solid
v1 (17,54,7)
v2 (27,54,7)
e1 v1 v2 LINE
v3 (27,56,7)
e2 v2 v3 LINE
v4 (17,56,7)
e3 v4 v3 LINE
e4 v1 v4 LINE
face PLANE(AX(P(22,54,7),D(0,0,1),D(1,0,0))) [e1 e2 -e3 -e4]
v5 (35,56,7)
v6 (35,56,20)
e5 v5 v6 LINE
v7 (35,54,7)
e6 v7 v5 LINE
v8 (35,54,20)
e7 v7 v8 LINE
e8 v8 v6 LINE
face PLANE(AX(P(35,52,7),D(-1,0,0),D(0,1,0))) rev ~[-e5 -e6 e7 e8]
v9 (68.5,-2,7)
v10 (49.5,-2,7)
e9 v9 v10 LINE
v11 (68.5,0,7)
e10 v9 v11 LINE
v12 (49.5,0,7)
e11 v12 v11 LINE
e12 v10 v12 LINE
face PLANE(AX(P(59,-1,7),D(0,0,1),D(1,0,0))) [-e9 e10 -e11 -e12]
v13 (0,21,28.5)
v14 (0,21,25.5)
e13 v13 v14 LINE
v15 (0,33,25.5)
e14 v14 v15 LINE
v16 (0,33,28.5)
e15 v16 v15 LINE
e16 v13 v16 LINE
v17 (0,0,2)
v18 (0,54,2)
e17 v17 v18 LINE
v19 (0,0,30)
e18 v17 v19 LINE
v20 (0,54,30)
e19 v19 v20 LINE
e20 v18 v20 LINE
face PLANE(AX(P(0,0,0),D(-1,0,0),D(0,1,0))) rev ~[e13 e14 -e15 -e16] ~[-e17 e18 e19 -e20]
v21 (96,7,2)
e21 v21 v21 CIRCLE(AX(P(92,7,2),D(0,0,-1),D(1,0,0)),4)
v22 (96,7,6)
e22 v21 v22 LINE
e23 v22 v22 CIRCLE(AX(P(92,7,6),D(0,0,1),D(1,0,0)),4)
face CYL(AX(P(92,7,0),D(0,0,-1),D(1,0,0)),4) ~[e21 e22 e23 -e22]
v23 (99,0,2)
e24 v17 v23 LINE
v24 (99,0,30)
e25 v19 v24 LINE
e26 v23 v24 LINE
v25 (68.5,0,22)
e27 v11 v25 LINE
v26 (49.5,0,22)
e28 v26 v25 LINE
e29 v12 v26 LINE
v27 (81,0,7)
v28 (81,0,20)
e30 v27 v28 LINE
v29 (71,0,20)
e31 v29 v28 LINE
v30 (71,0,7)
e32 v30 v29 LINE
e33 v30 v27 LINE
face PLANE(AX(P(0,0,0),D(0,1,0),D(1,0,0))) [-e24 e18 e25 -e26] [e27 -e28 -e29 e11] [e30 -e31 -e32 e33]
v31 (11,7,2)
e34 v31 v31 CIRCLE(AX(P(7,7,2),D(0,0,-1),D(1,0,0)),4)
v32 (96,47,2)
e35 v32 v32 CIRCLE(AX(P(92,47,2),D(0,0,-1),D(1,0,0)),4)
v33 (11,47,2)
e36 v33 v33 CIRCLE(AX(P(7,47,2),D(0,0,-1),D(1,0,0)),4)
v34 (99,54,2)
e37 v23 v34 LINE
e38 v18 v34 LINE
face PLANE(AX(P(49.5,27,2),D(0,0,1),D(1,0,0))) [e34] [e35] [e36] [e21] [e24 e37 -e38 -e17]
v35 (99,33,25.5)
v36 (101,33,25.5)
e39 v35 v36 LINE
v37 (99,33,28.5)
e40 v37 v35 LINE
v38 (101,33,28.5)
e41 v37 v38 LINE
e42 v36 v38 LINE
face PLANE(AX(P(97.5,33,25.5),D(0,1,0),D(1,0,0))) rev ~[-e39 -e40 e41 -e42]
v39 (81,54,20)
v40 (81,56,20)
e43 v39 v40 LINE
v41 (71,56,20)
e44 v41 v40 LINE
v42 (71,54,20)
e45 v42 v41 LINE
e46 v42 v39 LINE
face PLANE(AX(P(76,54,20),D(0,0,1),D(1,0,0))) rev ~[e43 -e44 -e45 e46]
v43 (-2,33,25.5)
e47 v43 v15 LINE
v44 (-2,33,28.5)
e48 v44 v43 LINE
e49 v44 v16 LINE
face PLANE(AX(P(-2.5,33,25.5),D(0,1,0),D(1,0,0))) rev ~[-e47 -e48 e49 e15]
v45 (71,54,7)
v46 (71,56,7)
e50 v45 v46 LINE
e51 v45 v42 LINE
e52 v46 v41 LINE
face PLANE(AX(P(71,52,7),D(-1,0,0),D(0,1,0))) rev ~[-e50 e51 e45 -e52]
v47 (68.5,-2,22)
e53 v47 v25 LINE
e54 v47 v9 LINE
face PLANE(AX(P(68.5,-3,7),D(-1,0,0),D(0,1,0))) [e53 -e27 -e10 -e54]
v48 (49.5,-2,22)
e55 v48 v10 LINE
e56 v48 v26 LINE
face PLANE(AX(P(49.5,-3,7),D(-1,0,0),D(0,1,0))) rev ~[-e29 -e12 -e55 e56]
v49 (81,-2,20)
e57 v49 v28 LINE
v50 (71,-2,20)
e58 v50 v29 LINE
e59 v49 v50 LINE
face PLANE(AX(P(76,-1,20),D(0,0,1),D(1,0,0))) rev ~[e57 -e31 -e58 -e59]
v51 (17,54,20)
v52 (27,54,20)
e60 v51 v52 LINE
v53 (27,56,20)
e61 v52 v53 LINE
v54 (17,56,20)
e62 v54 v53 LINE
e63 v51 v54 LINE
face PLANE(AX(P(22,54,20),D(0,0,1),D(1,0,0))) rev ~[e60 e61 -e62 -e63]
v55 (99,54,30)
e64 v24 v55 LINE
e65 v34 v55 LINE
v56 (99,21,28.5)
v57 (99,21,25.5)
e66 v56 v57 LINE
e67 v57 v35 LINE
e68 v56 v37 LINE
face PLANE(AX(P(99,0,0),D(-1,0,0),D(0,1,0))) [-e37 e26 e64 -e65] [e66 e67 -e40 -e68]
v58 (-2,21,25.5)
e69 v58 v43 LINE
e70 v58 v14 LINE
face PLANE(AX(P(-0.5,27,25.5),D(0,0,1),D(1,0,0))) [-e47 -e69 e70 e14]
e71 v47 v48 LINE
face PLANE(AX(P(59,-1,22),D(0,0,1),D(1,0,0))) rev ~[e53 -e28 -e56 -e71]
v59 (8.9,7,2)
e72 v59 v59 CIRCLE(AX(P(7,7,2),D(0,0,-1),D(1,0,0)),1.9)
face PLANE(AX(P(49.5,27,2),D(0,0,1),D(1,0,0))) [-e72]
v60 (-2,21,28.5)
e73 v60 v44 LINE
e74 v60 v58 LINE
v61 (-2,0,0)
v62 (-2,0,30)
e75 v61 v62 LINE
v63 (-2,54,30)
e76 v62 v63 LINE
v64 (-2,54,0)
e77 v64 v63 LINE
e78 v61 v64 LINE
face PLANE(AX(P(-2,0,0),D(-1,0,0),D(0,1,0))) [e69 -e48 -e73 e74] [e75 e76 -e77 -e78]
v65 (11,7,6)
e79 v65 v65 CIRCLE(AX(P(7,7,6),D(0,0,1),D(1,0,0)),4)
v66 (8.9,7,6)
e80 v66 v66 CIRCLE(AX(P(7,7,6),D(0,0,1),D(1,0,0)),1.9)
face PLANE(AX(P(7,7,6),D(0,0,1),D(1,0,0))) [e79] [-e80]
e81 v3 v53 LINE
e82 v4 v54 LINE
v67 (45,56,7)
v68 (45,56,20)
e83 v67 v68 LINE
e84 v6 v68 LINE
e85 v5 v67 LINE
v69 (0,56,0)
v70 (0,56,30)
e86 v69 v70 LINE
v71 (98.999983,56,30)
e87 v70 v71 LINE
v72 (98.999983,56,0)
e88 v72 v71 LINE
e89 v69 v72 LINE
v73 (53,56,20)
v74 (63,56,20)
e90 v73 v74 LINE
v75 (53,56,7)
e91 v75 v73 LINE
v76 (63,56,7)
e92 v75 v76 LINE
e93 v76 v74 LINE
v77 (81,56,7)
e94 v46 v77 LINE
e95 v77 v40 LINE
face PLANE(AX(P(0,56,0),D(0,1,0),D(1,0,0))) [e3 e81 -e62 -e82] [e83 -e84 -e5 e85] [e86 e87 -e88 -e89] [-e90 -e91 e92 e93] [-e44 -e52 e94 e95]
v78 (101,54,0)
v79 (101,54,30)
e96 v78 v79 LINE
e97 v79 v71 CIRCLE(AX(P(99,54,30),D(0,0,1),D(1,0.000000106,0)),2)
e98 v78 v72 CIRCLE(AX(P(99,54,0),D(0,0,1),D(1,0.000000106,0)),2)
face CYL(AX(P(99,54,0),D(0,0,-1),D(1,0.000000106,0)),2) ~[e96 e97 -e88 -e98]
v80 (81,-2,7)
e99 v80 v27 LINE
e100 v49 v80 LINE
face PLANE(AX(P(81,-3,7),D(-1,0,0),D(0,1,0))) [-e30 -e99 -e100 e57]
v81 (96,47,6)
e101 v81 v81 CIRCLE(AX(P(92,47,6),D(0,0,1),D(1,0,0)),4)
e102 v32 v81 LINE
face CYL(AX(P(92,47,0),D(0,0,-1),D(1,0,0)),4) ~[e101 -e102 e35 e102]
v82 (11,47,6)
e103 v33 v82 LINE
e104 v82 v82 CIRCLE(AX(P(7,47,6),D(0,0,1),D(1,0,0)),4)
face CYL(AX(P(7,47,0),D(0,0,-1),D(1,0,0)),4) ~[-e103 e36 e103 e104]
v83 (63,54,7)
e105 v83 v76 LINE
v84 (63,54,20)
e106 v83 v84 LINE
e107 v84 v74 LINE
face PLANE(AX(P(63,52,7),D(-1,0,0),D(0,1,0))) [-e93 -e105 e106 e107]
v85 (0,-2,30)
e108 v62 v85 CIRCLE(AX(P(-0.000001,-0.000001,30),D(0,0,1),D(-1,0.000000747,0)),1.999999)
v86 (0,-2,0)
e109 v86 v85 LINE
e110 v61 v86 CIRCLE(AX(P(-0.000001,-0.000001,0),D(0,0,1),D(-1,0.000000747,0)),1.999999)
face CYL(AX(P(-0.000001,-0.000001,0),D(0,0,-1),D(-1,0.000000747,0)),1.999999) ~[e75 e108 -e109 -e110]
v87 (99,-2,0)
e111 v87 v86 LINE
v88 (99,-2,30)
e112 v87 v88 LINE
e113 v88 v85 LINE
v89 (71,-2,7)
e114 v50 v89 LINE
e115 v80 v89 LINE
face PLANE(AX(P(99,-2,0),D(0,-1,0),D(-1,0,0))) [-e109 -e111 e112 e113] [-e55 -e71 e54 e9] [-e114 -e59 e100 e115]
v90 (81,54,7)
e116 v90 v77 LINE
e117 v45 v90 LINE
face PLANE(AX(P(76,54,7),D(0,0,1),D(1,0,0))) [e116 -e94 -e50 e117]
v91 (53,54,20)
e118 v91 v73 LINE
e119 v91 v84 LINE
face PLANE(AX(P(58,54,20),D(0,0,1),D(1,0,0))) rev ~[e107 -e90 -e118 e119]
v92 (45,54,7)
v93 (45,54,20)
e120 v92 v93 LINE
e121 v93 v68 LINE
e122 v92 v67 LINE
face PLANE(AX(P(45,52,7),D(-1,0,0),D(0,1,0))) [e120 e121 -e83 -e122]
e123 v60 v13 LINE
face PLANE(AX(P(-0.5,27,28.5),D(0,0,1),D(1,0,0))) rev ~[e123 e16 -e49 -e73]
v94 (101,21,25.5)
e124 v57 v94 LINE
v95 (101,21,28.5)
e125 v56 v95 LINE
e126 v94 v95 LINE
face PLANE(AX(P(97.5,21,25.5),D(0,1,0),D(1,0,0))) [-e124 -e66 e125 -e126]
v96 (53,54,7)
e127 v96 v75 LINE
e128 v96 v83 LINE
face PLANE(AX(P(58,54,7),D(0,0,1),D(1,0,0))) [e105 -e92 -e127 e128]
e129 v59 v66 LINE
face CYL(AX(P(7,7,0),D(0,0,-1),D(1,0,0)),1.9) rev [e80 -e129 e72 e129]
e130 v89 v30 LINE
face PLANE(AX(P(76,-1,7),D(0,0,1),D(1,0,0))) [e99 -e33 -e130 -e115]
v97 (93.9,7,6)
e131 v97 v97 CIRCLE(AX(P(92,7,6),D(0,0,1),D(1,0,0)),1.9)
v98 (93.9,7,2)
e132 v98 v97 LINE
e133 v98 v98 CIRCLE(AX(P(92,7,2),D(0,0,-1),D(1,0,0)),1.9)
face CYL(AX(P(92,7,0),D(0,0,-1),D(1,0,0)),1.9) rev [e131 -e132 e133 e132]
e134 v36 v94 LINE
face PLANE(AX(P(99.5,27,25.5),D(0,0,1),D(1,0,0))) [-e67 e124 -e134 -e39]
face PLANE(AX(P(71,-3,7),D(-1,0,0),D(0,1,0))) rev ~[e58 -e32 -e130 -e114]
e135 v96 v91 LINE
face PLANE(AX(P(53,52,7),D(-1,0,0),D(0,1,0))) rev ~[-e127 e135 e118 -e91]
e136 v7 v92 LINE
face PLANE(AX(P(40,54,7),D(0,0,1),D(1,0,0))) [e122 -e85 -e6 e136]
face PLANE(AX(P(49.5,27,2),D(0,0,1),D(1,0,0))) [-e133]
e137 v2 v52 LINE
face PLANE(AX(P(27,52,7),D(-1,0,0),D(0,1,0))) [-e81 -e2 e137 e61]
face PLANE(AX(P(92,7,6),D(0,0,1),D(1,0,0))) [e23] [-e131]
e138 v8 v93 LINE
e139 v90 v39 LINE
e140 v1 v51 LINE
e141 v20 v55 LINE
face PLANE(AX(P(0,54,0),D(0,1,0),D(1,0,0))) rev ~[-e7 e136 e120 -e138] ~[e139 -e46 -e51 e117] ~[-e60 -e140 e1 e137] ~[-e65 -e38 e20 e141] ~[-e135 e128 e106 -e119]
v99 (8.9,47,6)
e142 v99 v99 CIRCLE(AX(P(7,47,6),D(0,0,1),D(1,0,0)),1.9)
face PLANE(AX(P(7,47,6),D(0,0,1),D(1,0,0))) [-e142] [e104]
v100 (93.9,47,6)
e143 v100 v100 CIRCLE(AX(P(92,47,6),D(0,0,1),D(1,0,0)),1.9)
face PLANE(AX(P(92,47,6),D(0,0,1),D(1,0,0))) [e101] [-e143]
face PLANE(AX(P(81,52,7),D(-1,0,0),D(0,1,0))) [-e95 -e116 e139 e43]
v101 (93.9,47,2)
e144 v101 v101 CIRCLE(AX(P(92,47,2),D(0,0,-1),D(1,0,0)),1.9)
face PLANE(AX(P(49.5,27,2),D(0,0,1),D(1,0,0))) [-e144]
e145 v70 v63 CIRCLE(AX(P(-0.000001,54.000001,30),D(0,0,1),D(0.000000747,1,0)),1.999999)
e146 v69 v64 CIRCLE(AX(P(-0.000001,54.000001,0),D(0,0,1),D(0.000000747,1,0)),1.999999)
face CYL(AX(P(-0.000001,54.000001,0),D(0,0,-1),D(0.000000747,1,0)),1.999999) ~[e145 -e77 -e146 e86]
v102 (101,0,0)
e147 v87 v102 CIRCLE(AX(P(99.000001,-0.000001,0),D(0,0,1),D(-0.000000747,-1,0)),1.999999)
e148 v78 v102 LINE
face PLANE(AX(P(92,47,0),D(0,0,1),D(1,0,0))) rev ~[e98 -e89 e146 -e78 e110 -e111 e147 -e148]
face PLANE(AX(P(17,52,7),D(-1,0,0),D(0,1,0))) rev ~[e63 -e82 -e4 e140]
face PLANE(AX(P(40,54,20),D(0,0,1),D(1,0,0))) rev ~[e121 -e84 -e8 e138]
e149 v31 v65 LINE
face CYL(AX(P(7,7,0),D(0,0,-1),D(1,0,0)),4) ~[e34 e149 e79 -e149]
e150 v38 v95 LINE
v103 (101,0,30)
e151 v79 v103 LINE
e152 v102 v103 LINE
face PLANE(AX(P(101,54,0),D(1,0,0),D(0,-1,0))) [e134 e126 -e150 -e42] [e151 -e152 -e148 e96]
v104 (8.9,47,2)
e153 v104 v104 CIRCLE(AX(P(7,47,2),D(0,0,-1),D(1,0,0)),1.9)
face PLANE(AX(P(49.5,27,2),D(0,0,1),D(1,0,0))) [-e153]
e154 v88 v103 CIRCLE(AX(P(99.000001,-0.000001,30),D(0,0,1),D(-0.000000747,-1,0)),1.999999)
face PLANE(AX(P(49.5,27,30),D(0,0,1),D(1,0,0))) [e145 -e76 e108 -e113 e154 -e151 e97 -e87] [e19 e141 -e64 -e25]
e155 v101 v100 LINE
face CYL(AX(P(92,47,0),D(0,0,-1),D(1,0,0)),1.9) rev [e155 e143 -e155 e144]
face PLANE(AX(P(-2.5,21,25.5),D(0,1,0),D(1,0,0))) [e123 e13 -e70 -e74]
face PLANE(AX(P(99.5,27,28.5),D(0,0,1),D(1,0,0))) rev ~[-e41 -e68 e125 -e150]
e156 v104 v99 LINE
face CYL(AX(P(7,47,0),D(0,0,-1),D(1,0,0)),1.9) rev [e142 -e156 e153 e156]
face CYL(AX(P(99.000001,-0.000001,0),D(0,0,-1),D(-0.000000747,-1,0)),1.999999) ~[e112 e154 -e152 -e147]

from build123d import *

# Parameters (mm, degrees)
BOX002_W      = 10
BOX002_H      = 4
BOX002_DEPTH  = 13
BOX003_W      = 10
BOX003_H      = 4
BOX003_DEPTH  = 13
BOX004_W      = 10
BOX004_H      = 4
BOX004_DEPTH  = 13
BOX005_W      = 10
BOX005_H      = 4
BOX005_DEPTH  = 13
BOX006_W      = 19
BOX006_H      = 4
BOX006_DEPTH  = 15
BOX007_W      = 4
BOX007_H      = 12
BOX007_DEPTH  = 3
BOX008_W      = 4
BOX008_H      = 12
BOX008_DEPTH  = 3
BOX001_W      = 10
BOX001_H      = 4
BOX001_DEPTH  = 13
BOX_W         = 100
BOX_H         = 55
BOX_DEPTH     = 2
TUBE_R        = 4
TUBE_R_2      = 1.9
TUBE_DEPTH    = 6
TUBE001_R     = 4
TUBE001_R_2   = 1.9
TUBE001_DEPTH = 6
TUBE002_R     = 4
TUBE002_R_2   = 1.9
TUBE002_DEPTH = 6
TUBE003_R     = 4
TUBE003_R_2   = 1.9
TUBE003_DEPTH = 6
SKETCH_W      = 99
SKETCH_H      = 54
PAD_DEPTH     = 30


with BuildPart() as barrelcutout001:
    # Box002 → Box002 (new body)
    with BuildSketch(Plane(origin=(53, 52, 7), x_dir=(1, 0, 0), z_dir=(0, 0, 1))):
        with Locations((5, 2)):
            Rectangle(BOX002_W, BOX002_H)
    extrude(amount=BOX002_DEPTH)


with BuildPart() as barrelcutout002:
    # Box003 → Box003 (new body)
    with BuildSketch(Plane(origin=(35, 52, 7), x_dir=(1, 0, 0), z_dir=(0, 0, 1))):
        with Locations((5, 2)):
            Rectangle(BOX003_W, BOX003_H)
    extrude(amount=BOX003_DEPTH)


with BuildPart() as barrelcutout003:
    # Box004 → Box004 (new body)
    with BuildSketch(Plane(origin=(17, 52, 7), x_dir=(1, 0, 0), z_dir=(0, 0, 1))):
        with Locations((5, 2)):
            Rectangle(BOX004_W, BOX004_H)
    extrude(amount=BOX004_DEPTH)


with BuildPart() as barrelcutout004:
    # Box005 → Box005 (new body)
    with BuildSketch(Plane(origin=(71, -3, 7), x_dir=(1, 0, 0), z_dir=(0, 0, 1))):
        with Locations((5, 2)):
            Rectangle(BOX005_W, BOX005_H)
    extrude(amount=BOX005_DEPTH)


with BuildPart() as rj45cutout:
    # Box006 → Box006 (new body)
    with BuildSketch(Plane(origin=(49.5, -3, 7), x_dir=(1, 0, 0), z_dir=(0, 0, 1))):
        with Locations((9.5, 2)):
            Rectangle(BOX006_W, BOX006_H)
    extrude(amount=BOX006_DEPTH)


with BuildPart() as latchcut:
    # Box007 → Box007 (new body)
    with BuildSketch(Plane(origin=(-2.5, 21, 25.5), x_dir=(1, 0, 0), z_dir=(0, 0, 1))):
        with Locations((2, 6)):
            Rectangle(BOX007_W, BOX007_H)
    extrude(amount=BOX007_DEPTH)


with BuildPart() as latchcut001:
    # Box008 → Box008 (new body)
    with BuildSketch(Plane(origin=(97.5, 21, 25.5), x_dir=(1, 0, 0), z_dir=(0, 0, 1))):
        with Locations((2, 6)):
            Rectangle(BOX008_W, BOX008_H)
    extrude(amount=BOX008_DEPTH)


with BuildPart() as cuts:
    # Box001 → Box001 (new body)
    with BuildSketch(Plane(origin=(71, 52, 7), x_dir=(1, 0, 0), z_dir=(0, 0, 1))):
        with Locations((5, 2)):
            Rectangle(BOX001_W, BOX001_H)
    extrude(amount=BOX001_DEPTH)

    # Fusion001: union BarrelCutout001, BarrelCutout002, BarrelCutout003, BarrelCutout004, RJ45Cutout, LatchCut, LatchCut001
    add(barrelcutout001.part)
    add(barrelcutout002.part)
    add(barrelcutout003.part)
    add(barrelcutout004.part)
    add(rj45cutout.part)
    add(latchcut.part)
    add(latchcut001.part)


with BuildPart() as base:
    # Box → Box (new body)
    with BuildSketch(Plane(origin=(-0.5, -0.5, 0), x_dir=(1, 0, 0), z_dir=(0, 0, 1))):
        with Locations((50, 27.5)):
            Rectangle(BOX_W, BOX_H)
    extrude(amount=BOX_DEPTH)


with BuildPart() as standoff:
    # Tube → Tube (new body)
    with BuildSketch(Plane(origin=(7, 7, 0), x_dir=(1, 0, 0), z_dir=(0, 0, 1))):
        Circle(TUBE_R)
        Circle(TUBE_R_2, mode=Mode.SUBTRACT)
    extrude(amount=TUBE_DEPTH)


with BuildPart() as standoff001:
    # Tube001 → Tube001 (new body)
    with BuildSketch(Plane(origin=(92, 7, 0), x_dir=(1, 0, 0), z_dir=(0, 0, 1))):
        Circle(TUBE001_R)
        Circle(TUBE001_R_2, mode=Mode.SUBTRACT)
    extrude(amount=TUBE001_DEPTH)


with BuildPart() as standoff002:
    # Tube002 → Tube002 (new body)
    with BuildSketch(Plane(origin=(7, 47, 0), x_dir=(1, 0, 0), z_dir=(0, 0, 1))):
        Circle(TUBE002_R)
        Circle(TUBE002_R_2, mode=Mode.SUBTRACT)
    extrude(amount=TUBE002_DEPTH)


with BuildPart() as standoff003:
    # Tube003 → Tube003 (new body)
    with BuildSketch(Plane(origin=(92, 47, 0), x_dir=(1, 0, 0), z_dir=(0, 0, 1))):
        Circle(TUBE003_R)
        Circle(TUBE003_R_2, mode=Mode.SUBTRACT)
    extrude(amount=TUBE003_DEPTH)


with BuildPart() as casefull:
    # Sketch → Pad (new body)
    with BuildSketch(Plane.XY):
        with BuildLine():
            ThreePointArc((0, 56), (-1.414214, 55.414214), (-2, 54))
            Line((-2, 0), (-2, 54))
            ThreePointArc((-2, 0), (-1.414214, -1.414214), (0, -2))
            Line((99, -2), (0, -2))
            ThreePointArc((99, -2), (100.414214, -1.414214), (101, 0))
            Line((101, 54), (101, 0))
            ThreePointArc((101, 54), (100.414207, 55.41422), (98.999983, 56))
            Line((0, 56), (98.999983, 56))
        make_face()
        with Locations((49.5, 27)):
            Rectangle(SKETCH_W, SKETCH_H, mode=Mode.SUBTRACT)
    extrude(amount=PAD_DEPTH)

    # Fusion: union Base, Standoff, Standoff001, Standoff002, Standoff003
    add(base.part)
    add(standoff.part)
    add(standoff001.part)
    add(standoff002.part)
    add(standoff003.part)

    # Cut: cut Cuts
    add(cuts.part, mode=Mode.SUBTRACT)


solid = casefull.part
